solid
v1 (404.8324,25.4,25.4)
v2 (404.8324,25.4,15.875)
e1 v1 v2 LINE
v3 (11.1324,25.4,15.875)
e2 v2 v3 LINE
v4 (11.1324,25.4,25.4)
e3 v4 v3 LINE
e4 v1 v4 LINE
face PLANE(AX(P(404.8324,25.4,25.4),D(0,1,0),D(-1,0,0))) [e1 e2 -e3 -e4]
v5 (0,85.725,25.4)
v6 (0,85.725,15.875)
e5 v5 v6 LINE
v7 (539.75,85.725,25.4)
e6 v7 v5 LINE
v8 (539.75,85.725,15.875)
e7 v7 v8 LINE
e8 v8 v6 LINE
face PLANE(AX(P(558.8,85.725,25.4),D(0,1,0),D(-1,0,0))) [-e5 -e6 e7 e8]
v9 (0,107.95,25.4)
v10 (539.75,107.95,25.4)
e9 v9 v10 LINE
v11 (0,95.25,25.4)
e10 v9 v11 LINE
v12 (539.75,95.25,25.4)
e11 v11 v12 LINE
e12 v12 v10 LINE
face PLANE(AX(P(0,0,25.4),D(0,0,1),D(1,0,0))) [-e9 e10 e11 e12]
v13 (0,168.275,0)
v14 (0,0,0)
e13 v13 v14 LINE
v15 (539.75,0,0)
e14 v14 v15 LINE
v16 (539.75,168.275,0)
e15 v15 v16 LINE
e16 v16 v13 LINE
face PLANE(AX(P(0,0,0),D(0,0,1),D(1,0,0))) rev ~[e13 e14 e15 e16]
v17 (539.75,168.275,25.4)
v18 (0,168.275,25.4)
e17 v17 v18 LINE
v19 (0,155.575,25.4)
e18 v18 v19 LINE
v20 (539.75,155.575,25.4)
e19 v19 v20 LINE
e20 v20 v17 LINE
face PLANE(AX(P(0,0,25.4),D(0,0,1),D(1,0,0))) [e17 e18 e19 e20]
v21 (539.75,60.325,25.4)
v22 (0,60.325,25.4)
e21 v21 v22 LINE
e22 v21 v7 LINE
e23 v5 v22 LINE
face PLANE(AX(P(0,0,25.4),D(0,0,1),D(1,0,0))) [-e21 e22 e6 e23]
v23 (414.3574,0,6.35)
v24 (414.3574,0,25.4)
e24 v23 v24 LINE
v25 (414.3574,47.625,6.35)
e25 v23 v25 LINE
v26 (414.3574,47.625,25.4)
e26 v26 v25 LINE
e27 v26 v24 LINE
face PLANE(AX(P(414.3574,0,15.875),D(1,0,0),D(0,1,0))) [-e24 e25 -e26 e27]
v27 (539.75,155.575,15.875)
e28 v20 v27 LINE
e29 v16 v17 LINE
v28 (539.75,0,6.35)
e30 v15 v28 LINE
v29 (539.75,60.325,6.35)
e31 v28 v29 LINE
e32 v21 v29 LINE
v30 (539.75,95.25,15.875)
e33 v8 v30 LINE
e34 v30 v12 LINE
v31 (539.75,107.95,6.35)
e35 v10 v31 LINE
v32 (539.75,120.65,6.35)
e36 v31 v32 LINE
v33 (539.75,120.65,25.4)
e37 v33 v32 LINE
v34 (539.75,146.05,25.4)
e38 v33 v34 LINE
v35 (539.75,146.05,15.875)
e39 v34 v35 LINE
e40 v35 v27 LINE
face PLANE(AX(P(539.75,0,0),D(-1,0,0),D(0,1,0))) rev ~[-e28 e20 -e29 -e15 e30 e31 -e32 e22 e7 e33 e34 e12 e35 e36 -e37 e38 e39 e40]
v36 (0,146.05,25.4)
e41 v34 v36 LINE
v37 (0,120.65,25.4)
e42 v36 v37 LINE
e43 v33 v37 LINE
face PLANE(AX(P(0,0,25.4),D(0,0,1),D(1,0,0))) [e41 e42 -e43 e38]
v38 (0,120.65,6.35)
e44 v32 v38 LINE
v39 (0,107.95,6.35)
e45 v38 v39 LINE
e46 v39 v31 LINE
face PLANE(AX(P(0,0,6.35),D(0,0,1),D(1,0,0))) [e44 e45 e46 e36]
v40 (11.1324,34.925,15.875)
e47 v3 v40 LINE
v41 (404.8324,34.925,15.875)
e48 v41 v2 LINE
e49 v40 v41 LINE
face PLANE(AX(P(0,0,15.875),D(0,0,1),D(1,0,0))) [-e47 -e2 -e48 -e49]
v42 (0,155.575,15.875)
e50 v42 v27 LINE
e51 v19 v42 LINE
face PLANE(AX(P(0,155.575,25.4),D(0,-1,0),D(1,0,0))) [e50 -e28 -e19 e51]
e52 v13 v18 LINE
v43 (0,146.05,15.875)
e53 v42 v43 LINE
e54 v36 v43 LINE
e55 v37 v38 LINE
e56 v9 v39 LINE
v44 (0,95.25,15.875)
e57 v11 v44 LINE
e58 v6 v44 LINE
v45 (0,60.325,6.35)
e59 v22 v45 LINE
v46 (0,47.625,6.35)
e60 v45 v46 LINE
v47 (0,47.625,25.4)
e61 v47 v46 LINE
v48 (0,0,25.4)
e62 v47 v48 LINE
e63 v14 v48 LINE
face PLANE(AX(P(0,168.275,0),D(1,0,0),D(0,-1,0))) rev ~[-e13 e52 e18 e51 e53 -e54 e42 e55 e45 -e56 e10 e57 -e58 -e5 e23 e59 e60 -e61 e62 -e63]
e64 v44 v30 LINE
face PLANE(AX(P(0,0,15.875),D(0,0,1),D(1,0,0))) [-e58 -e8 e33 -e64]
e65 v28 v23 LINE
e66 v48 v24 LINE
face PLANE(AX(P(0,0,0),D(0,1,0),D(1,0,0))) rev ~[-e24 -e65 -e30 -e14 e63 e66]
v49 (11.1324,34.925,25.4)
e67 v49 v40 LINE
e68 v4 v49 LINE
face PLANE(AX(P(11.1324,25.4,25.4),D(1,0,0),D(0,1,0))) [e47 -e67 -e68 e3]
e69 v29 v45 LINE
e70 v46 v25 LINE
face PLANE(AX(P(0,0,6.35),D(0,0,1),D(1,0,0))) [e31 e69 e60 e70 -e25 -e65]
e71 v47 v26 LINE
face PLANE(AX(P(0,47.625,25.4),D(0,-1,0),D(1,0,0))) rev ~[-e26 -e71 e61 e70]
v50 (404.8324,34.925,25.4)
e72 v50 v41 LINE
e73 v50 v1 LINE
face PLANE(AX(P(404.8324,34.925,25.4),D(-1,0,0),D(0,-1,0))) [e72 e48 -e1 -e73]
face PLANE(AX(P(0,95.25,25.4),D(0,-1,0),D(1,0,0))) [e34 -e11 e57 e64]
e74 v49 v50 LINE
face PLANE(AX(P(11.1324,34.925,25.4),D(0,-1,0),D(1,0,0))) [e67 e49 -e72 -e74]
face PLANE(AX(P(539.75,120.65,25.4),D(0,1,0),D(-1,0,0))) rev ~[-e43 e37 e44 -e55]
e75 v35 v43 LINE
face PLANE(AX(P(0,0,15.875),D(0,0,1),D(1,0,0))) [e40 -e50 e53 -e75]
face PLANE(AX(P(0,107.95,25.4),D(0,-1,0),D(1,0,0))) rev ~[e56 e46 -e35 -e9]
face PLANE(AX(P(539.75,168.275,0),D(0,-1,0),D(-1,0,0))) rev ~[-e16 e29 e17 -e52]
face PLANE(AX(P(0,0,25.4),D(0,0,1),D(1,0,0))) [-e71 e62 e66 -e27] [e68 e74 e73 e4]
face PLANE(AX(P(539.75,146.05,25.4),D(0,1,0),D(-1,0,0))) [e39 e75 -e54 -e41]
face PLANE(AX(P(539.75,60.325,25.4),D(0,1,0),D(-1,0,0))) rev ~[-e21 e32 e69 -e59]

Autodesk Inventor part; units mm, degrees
ref_plane "YZ Plane" through (0, 0, 0) normal (1, 0, 0) x (0, 1, 0)
ref_plane "XZ Plane" through (0, 0, 0) normal (0, 1, 0) x (-1, 0, 0)
sketch "Sketch1" plane through (0, 0, 0) normal (0, 0, 1) x (1, 0, 0)
  line L0 (0, 0) -> (539.75, 0)
  line L1 (539.75, 0) -> (539.75, 168.275)
  line L2 (539.75, 168.275) -> (0, 168.275)
  line L3 (0, 168.275) -> (0, 0)
  dimension "d0" = 539.75
  dimension "d1" = 168.275
extrude "Extrusion1" add sketch "Sketch1" along normal blind 25.4
sketch "Sketch2" plane through (0, 0, 25.4) normal (0, 0, 1) x (1, 0, 0)
  line L0 (539.75, 0) -> (539.75, 168.275) projected
  line L1 (0, 168.275) -> (0, 0) projected
  line L2 (0, 168.275) -> (539.75, 168.275)
  line L3 (539.75, 168.275) -> (539.75, 120.65)
  line L4 (539.75, 120.65) -> (0, 120.65)
  line L5 (0, 120.65) -> (0, 168.275)
  line L6 (0, 107.95) -> (539.75, 107.95)
  line L7 (539.75, 107.95) -> (539.75, 60.325)
  line L8 (539.75, 60.325) -> (0, 60.325)
  line L9 (0, 60.325) -> (0, 107.95)
  line L10 (0, 47.625) -> (539.75, 47.625)
  line L11 (539.75, 47.625) -> (539.75, 0)
  line L12 (539.75, 0) -> (0, 0)
  line L13 (0, 0) -> (0, 47.625)
  line L14 (0, 120.65) -> (539.75, 120.65)
  line L15 (539.75, 120.65) -> (539.75, 107.95)
  line L16 (539.75, 107.95) -> (0, 107.95)
  line L17 (0, 107.95) -> (0, 120.65)
  line L18 (539.75, 60.325) -> (0, 60.325)
  line L19 (0, 60.325) -> (0, 47.625)
  line L20 (0, 47.625) -> (539.75, 47.625)
  line L21 (539.75, 47.625) -> (539.75, 60.325)
  dimension "d4" = 47.625
  dimension "d5" = 47.625
  dimension "d6" = 47.625
  dimension "d7" = 12.7
  dimension "d8" = 12.7
extrude "Extrusion3" cut sketch "Sketch2" against normal blind 19.05 contours L10 L1 L8 L0 | L6 L1 L4 L0
sketch "Sketch3" plane through (0, 0, 25.4) normal (0, 0, 1) x (1, 0, 0)
  line L0 (0, 120.65) -> (539.75, 120.65) projected
  line L1 (539.75, 120.65) -> (539.75, 168.275) projected
  line L2 (539.75, 168.275) -> (0, 168.275) projected
  line L3 (0, 168.275) -> (0, 120.65) projected
  line L4 (0, 155.575) -> (539.75, 155.575)
  line L5 (539.75, 155.575) -> (539.75, 146.05)
  line L6 (539.75, 146.05) -> (0, 146.05)
  line L7 (0, 146.05) -> (0, 155.575)
  line L8 (0, 107.95) -> (558.8, 107.95)
  line L9 (558.8, 107.95) -> (558.8, 60.325)
  line L10 (558.8, 60.325) -> (0, 60.325)
  line L11 (0, 60.325) -> (0, 107.95)
  line L12 (1.6074, 47.625) -> (558.8, 47.625)
  line L13 (558.8, 47.625) -> (558.8, 0)
  line L14 (558.8, 0) -> (1.6074, 0)
  line L15 (1.6074, 0) -> (1.6074, 47.625)
  line L16 (0, 95.25) -> (558.8, 95.25)
  line L17 (558.8, 95.25) -> (558.8, 85.725)
  line L18 (558.8, 85.725) -> (0, 85.725)
  line L19 (0, 85.725) -> (0, 95.25)
  line L20 (11.1324, 34.925) -> (404.8324, 34.925)
  line L21 (404.8324, 34.925) -> (404.8324, 25.4)
  line L22 (404.8324, 25.4) -> (11.1324, 25.4)
  line L23 (11.1324, 25.4) -> (11.1324, 34.925)
  line L24 (558.8, 47.625) -> (414.3574, 47.625)
  line L25 (414.3574, 47.625) -> (414.3574, 0)
  line L26 (414.3574, 0) -> (558.8, 0)
  line L27 (558.8, 0) -> (558.8, 47.625)
  point P0 (0, 0)
  dimension "d13" = 9.525
  dimension "d14" = 12.7
  dimension "d15" = 25.4
  dimension "d16" = 12.7
  dimension "d17" = 12.7
  dimension "d18" = 47.625
  dimension "d19" = 47.625
  dimension "d20" = 9.525
  dimension "d21" = 12.7
  dimension "d22" = 393.7
  dimension "d23" = 412.75
  dimension "d24" = 9.525
  dimension "d25" = 9.525
  dimension "d26" = 9.525
  dimension "d27" = 12.7
  dimension "d28" = 539.75
ref_plane "Work Plane1" through (0, 0, 15.875) normal (0, 0, 1) x (1, 0, 0)
sketch "Sketch5" plane through (0, 0, 15.875) normal (0, 0, 1) x (1, 0, 0)
  line L0 (539.75, 47.625) -> (539.75, 0) projected
  line L1 (414.3574, 47.625) -> (539.75, 47.625) projected
  line L2 (414.3574, 0) -> (414.3574, 47.625) projected
  line L3 (539.75, 0) -> (414.3574, 0) projected
  point P0 (0, 0)
extrude "Extrusion5" cut sketch "Sketch5" against normal blind 9.525
extrude "Extrusion7" cut sketch "Sketch3" against normal blind 9.525 contours L3 L4 L1 L6 | L16 L9 L18 L11 | L12 L13 L14 L25 | L20 L21 L22 L23
equation "\"d7\" = d8"
equation "\"d19\" = d18"
equation "\"d24\" = d25"
properties part number "ply75_bottom_board" material "Wood (Cherry)"
